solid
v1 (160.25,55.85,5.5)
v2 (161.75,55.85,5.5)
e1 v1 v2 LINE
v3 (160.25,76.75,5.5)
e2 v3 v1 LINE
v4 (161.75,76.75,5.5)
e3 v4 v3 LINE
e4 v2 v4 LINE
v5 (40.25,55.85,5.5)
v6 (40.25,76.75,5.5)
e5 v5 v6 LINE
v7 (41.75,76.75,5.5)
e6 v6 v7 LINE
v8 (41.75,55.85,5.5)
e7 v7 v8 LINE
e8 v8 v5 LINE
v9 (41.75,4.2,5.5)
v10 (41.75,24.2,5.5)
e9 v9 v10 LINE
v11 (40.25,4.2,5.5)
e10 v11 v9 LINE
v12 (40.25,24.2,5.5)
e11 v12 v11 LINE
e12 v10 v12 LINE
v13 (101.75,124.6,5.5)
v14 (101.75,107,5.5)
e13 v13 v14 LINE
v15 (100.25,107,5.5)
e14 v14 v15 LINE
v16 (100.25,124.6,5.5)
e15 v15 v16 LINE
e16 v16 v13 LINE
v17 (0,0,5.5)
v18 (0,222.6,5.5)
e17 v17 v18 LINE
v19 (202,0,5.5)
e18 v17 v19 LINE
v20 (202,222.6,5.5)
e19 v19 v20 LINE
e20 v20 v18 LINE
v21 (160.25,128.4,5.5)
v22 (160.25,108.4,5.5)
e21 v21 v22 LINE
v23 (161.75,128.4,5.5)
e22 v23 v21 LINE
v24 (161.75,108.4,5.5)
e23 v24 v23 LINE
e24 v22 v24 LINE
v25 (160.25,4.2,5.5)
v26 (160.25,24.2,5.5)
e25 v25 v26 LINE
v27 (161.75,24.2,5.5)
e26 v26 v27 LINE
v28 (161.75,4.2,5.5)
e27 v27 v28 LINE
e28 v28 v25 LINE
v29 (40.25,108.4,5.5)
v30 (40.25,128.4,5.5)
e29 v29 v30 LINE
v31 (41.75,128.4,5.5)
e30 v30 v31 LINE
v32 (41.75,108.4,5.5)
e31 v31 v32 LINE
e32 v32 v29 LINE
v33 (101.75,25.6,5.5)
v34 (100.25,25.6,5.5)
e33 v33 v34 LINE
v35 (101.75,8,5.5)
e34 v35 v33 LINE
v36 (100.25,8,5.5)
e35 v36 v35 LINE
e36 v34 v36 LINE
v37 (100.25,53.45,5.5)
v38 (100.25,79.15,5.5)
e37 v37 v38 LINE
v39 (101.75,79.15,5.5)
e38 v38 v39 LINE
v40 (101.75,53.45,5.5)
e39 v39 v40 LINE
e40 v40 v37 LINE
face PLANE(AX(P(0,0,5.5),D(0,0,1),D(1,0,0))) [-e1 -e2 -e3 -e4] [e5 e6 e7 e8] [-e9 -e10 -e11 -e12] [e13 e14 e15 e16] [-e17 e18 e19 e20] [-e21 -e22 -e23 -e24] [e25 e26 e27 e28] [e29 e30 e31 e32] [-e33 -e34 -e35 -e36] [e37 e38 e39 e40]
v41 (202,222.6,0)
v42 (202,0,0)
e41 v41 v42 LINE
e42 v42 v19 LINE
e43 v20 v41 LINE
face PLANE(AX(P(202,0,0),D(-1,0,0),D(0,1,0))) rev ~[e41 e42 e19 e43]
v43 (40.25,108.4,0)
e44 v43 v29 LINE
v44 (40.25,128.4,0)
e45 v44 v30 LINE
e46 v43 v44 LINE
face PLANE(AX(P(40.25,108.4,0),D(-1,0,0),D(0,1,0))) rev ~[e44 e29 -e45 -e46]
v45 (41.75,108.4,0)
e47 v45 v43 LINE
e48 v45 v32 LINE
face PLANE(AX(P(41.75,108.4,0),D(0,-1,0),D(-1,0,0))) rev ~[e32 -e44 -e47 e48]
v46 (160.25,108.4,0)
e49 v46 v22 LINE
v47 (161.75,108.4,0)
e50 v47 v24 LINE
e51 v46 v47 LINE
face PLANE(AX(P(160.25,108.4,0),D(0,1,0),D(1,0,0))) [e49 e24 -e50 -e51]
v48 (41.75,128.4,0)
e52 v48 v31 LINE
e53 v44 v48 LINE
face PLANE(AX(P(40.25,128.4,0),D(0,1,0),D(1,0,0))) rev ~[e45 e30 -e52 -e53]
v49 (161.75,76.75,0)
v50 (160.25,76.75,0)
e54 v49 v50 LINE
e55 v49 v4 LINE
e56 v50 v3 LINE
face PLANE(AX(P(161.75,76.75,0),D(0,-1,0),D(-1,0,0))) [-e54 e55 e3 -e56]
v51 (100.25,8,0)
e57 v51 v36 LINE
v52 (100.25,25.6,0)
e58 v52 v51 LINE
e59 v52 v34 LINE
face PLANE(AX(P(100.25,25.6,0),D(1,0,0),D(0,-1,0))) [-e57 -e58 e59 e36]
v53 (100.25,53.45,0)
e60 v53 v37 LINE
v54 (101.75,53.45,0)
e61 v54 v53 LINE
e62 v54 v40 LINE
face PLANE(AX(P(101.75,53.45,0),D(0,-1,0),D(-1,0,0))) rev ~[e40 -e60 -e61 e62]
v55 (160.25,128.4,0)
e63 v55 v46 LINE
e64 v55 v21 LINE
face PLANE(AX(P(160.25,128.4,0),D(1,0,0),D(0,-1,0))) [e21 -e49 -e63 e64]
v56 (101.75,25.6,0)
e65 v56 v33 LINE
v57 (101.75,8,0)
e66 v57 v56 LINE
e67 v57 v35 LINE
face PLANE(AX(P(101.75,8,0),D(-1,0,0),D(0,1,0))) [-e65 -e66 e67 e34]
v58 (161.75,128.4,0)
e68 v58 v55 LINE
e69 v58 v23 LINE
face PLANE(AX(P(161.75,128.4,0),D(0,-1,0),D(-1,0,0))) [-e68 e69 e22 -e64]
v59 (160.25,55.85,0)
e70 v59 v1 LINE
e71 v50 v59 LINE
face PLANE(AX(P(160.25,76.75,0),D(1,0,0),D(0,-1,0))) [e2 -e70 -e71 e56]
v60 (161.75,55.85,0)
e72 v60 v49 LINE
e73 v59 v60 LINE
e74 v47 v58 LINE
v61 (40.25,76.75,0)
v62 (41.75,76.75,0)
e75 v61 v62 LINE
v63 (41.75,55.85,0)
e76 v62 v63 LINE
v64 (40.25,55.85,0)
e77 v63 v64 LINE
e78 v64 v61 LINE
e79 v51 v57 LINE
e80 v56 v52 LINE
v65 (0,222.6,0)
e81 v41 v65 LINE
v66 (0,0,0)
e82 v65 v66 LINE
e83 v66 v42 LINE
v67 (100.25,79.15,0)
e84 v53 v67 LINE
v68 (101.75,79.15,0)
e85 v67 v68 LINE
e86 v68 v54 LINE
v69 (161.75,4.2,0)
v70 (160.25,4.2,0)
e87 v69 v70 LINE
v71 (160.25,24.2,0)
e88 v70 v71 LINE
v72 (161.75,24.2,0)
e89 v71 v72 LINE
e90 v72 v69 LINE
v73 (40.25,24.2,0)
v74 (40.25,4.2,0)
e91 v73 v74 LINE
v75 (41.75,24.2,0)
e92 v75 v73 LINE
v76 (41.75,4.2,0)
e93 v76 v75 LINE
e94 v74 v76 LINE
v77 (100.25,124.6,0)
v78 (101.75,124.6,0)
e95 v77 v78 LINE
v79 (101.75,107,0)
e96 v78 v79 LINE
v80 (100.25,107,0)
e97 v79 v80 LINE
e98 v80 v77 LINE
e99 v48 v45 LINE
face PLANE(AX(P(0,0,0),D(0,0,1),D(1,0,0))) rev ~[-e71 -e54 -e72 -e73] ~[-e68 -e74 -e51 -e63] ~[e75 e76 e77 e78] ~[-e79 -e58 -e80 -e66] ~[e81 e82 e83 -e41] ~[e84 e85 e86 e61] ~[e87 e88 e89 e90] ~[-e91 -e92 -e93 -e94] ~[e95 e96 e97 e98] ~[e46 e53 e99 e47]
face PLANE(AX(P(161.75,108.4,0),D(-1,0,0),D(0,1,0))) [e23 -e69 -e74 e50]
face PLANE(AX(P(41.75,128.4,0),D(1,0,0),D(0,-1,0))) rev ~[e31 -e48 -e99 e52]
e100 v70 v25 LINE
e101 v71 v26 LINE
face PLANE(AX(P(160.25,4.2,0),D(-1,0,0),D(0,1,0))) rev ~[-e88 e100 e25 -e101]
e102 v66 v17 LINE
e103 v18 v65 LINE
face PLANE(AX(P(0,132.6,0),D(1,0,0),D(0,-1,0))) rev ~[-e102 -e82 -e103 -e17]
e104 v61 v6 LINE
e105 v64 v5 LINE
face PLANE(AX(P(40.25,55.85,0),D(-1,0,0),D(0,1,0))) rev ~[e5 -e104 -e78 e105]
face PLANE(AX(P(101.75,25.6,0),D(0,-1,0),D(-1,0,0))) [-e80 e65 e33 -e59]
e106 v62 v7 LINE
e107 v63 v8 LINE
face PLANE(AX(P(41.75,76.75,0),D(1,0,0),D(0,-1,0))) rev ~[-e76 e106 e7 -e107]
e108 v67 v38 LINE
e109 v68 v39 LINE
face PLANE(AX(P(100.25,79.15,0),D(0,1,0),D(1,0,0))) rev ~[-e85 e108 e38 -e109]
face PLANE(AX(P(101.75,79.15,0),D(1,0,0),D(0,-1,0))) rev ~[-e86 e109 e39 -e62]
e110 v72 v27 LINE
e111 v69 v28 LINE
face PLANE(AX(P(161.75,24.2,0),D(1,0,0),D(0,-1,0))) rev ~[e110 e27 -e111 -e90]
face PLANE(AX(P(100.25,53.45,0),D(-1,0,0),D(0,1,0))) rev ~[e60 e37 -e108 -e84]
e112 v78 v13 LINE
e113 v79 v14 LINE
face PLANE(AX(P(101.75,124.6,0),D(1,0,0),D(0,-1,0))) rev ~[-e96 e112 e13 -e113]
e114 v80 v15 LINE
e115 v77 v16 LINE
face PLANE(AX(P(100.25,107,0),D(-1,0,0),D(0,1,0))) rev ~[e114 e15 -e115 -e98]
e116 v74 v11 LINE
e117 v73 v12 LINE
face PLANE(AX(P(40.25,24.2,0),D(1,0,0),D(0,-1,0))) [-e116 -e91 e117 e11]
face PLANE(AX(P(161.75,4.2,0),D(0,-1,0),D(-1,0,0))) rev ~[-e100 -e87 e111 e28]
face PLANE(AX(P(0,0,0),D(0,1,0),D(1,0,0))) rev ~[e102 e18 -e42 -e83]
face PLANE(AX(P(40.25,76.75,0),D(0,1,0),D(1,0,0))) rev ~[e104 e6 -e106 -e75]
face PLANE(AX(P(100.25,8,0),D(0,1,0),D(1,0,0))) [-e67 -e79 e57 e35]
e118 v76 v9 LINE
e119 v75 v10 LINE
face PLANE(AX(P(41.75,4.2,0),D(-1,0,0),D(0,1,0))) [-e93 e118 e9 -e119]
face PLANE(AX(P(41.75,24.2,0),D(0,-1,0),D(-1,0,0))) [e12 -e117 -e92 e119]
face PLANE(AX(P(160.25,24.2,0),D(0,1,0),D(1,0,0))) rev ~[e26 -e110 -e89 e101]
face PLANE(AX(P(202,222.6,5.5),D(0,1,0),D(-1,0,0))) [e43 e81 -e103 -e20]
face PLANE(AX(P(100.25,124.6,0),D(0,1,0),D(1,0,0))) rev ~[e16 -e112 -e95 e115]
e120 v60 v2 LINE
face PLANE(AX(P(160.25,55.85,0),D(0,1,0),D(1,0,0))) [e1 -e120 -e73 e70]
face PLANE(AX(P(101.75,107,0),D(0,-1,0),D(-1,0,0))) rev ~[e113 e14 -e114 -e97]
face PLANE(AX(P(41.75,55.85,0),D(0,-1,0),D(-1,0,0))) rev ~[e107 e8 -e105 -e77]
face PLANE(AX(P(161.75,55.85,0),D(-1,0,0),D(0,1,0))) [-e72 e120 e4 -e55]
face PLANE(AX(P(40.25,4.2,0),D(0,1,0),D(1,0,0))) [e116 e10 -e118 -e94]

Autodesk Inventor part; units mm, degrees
ref_plane "YZ Plane" through (0, 0, 0) normal (1, 0, 0) x (0, 1, 0)
ref_plane "XZ Plane" through (0, 0, 0) normal (0, 1, 0) x (-1, 0, 0)
sketch "Sketch1" plane through (0, 0, 0) normal (0, 0, 1) x (1, 0, 0)
  line L0 (0, 0) -> (202, 0)
  line L1 (202, 0) -> (202, 132.6)
  line L2 (202, 132.6) -> (0, 132.6)
  line L3 (0, 132.6) -> (0, 0)
  line L4 (101, 132.6) -> (101, 0) construction
  line L5 (0.7486, 66.3) -> (201.2514, 66.3) construction
  line L6 (100.25, 53.45) -> (100.25, 79.15)
  line L7 (100.25, 79.15) -> (101.75, 79.15)
  line L8 (101.75, 79.15) -> (101.75, 53.45)
  line L9 (101.75, 53.45) -> (100.25, 53.45)
  line L10 (100.25, 53.45) -> (101.75, 79.15) construction
  line L11 (100.25, 79.15) -> (101.75, 53.45) construction
  line L12 (100.25, 25.6) -> (100.25, 8)
  line L13 (100.25, 8) -> (101.75, 8)
  line L14 (101.75, 8) -> (101.75, 25.6)
  line L15 (101.75, 25.6) -> (100.25, 25.6)
  line L16 (100.25, 25.6) -> (101.75, 8) construction
  line L17 (100.25, 8) -> (101.75, 25.6) construction
  line L18 (40.25, 55.85) -> (40.25, 76.75)
  line L19 (40.25, 76.75) -> (41.75, 76.75)
  line L20 (41.75, 76.75) -> (41.75, 55.85)
  line L21 (41.75, 55.85) -> (40.25, 55.85)
  line L22 (40.25, 55.85) -> (41.75, 76.75) construction
  line L23 (40.25, 76.75) -> (41.75, 55.85) construction
  line L24 (40.25, 24.2) -> (40.25, 4.2)
  line L25 (40.25, 4.2) -> (41.75, 4.2)
  line L26 (41.75, 4.2) -> (41.75, 24.2)
  line L27 (41.75, 24.2) -> (40.25, 24.2)
  line L28 (40.25, 24.2) -> (41.75, 4.2) construction
  line L29 (40.25, 4.2) -> (41.75, 24.2) construction
  line L30 (161.75, 55.85) -> (161.75, 76.75)
  line L31 (161.75, 76.75) -> (160.25, 76.75)
  line L32 (160.25, 76.75) -> (160.25, 55.85)
  line L33 (160.25, 55.85) -> (161.75, 55.85)
  line L34 (161.75, 55.85) -> (160.25, 76.75) construction
  line L35 (161.75, 76.75) -> (160.25, 55.85) construction
  line L36 (161.75, 24.2) -> (161.75, 4.2)
  line L37 (161.75, 4.2) -> (160.25, 4.2)
  line L38 (160.25, 4.2) -> (160.25, 24.2)
  line L39 (160.25, 24.2) -> (161.75, 24.2)
  line L40 (161.75, 24.2) -> (160.25, 4.2) construction
  line L41 (161.75, 4.2) -> (160.25, 24.2) construction
  line L42 (100.25, 107) -> (100.25, 124.6)
  line L43 (100.25, 124.6) -> (101.75, 124.6)
  line L44 (101.75, 124.6) -> (101.75, 107)
  line L45 (101.75, 107) -> (100.25, 107)
  line L46 (100.25, 107) -> (101.75, 124.6) construction
  line L47 (100.25, 124.6) -> (101.75, 107) construction
  line L48 (40.25, 108.4) -> (40.25, 128.4)
  line L49 (40.25, 128.4) -> (41.75, 128.4)
  line L50 (41.75, 128.4) -> (41.75, 108.4)
  line L51 (41.75, 108.4) -> (40.25, 108.4)
  line L52 (40.25, 108.4) -> (41.75, 128.4) construction
  line L53 (40.25, 128.4) -> (41.75, 108.4) construction
  line L54 (160.25, 128.4) -> (160.25, 108.4)
  line L55 (161.75, 128.4) -> (160.25, 128.4)
  line L56 (161.75, 108.4) -> (160.25, 128.4) construction
  line L57 (161.75, 128.4) -> (160.25, 108.4) construction
  line L58 (160.25, 108.4) -> (161.75, 108.4)
  line L59 (161.75, 108.4) -> (161.75, 128.4)
  line L60 (41, 14.2) -> (41, 66.3) construction
  point P0 (101, 66.3)
  point P1 (101, 16.8)
  point P2 (41, 66.3)
  point P3 (161, 66.3)
  point P4 (161, 14.2)
  point P5 (101, 115.8)
  point P6 (41, 118.4)
  point P7 (161, 118.4)
  point P8 (101, 66.3)
  dimension "d1" = 132.6
  dimension "d2" = 1.5
  dimension "d3" = 25.7
  dimension "d4" = 49.5
  dimension "d5" = 17.6
  dimension "d6" = 1.5
  dimension "d8" = 20.9
  dimension "d9" = 1.5
  dimension "d10" = 1.5
  dimension "d11" = 20
  dimension "d12" = 52.1
  dimension "d22" = 101
  dimension "d25" = 66.3
extrude "Extrusion1" add sketch "Sketch1" along normal blind 5.5
ref_plane "Work Plane1" through (101, 107, 0) normal (1, 0, 0) x (0, 0, -1)
ref_plane "Work Plane2" through (41, 108.4, 0) normal (-1, 0, 0) x (0, 0, 1)
ref_plane "Work Plane3" through (161, 108.4, 0) normal (-1, 0, 0) x (0, 0, 1)
ref_plane "Work Plane4" through (0, 66.3, 0) normal (0, 1, 0) x (1, 0, 0)
sketch "Sketch3" plane through (0, 0, 5.5) normal (0, 0, 1) x (1, 0, 0)
  line L0 (202, 132.6) -> (0, 132.6) projected
  line L1 (0, 132.6) -> (202, 132.6)
  line L2 (202, 132.6) -> (202, 222.6)
  line L3 (202, 222.6) -> (0, 222.6)
  line L4 (0, 222.6) -> (0, 132.6)
  line L5 (202, 0) -> (202, 132.6) projected
  point P0 (0, 0)
  dimension "d19" = 90
extrude "Extrusion3" add sketch "Sketch3" against normal blind 5.5
ref_plane "Work Plane5" through (0, 0, 0) normal (0, -1, 0) x (1, 0, 0)
sketch "Sketch5" plane through (0, 0, 5.5) normal (0, 0, 1) x (1, 0, 0)
  line L0 (0, 0) -> (202, 0) projected
  line L1 (0, 0) -> (202, 0)
  line L2 (202, 0) -> (202, -90)
  line L3 (202, -90) -> (0, -90)
  line L4 (0, -90) -> (0, 0)
  line L5 (202, 0) -> (202, 222.6) projected
  dimension "d27" = 90
equation "\"d1\" = sidewallL"
equation "\"d3\" = mmid + toler"
equation "\"d4\" = mbetween"
equation "\"d5\" = mlr + toler"
equation "\"d6\" = d2"
equation "\"d8\" = lrmid + toler"
equation "\"d10\" = d9"
equation "\"d11\" = lrlr + toler"
equation "\"d12\" = lrbetween"
equation "\"d25\" = 0.5 * sidewallL"
equation "\"thick\" = 0.5"
equation "\"lrlr\" = 19"
equation "\"lrmid\" = 19.9"
equation "\"lrdepth\" = 3.3"
equation "\"mlr\" = 16.6"
equation "\"mmid\" = 24.7"
equation "\"mdepth\" = 4.5"
equation "\"lrltotal\" = 126.6"
equation "\"mltotal\" = 126.6"
equation "\"lrbetween\" = 52.1"
equation "\"mbetween\" = 49.5"
equation "\"toler\" = 1"
equation "\"stuckw\" = 6"
equation "\"tight\" = 0.08"
equation "\"sidewallL\" = 132.6"
equation "\"heaterH\" = 117.3"
equation "\"stickL\" = 3.5"
equation "\"wireH\" = 25"
properties part number "heater_top"
